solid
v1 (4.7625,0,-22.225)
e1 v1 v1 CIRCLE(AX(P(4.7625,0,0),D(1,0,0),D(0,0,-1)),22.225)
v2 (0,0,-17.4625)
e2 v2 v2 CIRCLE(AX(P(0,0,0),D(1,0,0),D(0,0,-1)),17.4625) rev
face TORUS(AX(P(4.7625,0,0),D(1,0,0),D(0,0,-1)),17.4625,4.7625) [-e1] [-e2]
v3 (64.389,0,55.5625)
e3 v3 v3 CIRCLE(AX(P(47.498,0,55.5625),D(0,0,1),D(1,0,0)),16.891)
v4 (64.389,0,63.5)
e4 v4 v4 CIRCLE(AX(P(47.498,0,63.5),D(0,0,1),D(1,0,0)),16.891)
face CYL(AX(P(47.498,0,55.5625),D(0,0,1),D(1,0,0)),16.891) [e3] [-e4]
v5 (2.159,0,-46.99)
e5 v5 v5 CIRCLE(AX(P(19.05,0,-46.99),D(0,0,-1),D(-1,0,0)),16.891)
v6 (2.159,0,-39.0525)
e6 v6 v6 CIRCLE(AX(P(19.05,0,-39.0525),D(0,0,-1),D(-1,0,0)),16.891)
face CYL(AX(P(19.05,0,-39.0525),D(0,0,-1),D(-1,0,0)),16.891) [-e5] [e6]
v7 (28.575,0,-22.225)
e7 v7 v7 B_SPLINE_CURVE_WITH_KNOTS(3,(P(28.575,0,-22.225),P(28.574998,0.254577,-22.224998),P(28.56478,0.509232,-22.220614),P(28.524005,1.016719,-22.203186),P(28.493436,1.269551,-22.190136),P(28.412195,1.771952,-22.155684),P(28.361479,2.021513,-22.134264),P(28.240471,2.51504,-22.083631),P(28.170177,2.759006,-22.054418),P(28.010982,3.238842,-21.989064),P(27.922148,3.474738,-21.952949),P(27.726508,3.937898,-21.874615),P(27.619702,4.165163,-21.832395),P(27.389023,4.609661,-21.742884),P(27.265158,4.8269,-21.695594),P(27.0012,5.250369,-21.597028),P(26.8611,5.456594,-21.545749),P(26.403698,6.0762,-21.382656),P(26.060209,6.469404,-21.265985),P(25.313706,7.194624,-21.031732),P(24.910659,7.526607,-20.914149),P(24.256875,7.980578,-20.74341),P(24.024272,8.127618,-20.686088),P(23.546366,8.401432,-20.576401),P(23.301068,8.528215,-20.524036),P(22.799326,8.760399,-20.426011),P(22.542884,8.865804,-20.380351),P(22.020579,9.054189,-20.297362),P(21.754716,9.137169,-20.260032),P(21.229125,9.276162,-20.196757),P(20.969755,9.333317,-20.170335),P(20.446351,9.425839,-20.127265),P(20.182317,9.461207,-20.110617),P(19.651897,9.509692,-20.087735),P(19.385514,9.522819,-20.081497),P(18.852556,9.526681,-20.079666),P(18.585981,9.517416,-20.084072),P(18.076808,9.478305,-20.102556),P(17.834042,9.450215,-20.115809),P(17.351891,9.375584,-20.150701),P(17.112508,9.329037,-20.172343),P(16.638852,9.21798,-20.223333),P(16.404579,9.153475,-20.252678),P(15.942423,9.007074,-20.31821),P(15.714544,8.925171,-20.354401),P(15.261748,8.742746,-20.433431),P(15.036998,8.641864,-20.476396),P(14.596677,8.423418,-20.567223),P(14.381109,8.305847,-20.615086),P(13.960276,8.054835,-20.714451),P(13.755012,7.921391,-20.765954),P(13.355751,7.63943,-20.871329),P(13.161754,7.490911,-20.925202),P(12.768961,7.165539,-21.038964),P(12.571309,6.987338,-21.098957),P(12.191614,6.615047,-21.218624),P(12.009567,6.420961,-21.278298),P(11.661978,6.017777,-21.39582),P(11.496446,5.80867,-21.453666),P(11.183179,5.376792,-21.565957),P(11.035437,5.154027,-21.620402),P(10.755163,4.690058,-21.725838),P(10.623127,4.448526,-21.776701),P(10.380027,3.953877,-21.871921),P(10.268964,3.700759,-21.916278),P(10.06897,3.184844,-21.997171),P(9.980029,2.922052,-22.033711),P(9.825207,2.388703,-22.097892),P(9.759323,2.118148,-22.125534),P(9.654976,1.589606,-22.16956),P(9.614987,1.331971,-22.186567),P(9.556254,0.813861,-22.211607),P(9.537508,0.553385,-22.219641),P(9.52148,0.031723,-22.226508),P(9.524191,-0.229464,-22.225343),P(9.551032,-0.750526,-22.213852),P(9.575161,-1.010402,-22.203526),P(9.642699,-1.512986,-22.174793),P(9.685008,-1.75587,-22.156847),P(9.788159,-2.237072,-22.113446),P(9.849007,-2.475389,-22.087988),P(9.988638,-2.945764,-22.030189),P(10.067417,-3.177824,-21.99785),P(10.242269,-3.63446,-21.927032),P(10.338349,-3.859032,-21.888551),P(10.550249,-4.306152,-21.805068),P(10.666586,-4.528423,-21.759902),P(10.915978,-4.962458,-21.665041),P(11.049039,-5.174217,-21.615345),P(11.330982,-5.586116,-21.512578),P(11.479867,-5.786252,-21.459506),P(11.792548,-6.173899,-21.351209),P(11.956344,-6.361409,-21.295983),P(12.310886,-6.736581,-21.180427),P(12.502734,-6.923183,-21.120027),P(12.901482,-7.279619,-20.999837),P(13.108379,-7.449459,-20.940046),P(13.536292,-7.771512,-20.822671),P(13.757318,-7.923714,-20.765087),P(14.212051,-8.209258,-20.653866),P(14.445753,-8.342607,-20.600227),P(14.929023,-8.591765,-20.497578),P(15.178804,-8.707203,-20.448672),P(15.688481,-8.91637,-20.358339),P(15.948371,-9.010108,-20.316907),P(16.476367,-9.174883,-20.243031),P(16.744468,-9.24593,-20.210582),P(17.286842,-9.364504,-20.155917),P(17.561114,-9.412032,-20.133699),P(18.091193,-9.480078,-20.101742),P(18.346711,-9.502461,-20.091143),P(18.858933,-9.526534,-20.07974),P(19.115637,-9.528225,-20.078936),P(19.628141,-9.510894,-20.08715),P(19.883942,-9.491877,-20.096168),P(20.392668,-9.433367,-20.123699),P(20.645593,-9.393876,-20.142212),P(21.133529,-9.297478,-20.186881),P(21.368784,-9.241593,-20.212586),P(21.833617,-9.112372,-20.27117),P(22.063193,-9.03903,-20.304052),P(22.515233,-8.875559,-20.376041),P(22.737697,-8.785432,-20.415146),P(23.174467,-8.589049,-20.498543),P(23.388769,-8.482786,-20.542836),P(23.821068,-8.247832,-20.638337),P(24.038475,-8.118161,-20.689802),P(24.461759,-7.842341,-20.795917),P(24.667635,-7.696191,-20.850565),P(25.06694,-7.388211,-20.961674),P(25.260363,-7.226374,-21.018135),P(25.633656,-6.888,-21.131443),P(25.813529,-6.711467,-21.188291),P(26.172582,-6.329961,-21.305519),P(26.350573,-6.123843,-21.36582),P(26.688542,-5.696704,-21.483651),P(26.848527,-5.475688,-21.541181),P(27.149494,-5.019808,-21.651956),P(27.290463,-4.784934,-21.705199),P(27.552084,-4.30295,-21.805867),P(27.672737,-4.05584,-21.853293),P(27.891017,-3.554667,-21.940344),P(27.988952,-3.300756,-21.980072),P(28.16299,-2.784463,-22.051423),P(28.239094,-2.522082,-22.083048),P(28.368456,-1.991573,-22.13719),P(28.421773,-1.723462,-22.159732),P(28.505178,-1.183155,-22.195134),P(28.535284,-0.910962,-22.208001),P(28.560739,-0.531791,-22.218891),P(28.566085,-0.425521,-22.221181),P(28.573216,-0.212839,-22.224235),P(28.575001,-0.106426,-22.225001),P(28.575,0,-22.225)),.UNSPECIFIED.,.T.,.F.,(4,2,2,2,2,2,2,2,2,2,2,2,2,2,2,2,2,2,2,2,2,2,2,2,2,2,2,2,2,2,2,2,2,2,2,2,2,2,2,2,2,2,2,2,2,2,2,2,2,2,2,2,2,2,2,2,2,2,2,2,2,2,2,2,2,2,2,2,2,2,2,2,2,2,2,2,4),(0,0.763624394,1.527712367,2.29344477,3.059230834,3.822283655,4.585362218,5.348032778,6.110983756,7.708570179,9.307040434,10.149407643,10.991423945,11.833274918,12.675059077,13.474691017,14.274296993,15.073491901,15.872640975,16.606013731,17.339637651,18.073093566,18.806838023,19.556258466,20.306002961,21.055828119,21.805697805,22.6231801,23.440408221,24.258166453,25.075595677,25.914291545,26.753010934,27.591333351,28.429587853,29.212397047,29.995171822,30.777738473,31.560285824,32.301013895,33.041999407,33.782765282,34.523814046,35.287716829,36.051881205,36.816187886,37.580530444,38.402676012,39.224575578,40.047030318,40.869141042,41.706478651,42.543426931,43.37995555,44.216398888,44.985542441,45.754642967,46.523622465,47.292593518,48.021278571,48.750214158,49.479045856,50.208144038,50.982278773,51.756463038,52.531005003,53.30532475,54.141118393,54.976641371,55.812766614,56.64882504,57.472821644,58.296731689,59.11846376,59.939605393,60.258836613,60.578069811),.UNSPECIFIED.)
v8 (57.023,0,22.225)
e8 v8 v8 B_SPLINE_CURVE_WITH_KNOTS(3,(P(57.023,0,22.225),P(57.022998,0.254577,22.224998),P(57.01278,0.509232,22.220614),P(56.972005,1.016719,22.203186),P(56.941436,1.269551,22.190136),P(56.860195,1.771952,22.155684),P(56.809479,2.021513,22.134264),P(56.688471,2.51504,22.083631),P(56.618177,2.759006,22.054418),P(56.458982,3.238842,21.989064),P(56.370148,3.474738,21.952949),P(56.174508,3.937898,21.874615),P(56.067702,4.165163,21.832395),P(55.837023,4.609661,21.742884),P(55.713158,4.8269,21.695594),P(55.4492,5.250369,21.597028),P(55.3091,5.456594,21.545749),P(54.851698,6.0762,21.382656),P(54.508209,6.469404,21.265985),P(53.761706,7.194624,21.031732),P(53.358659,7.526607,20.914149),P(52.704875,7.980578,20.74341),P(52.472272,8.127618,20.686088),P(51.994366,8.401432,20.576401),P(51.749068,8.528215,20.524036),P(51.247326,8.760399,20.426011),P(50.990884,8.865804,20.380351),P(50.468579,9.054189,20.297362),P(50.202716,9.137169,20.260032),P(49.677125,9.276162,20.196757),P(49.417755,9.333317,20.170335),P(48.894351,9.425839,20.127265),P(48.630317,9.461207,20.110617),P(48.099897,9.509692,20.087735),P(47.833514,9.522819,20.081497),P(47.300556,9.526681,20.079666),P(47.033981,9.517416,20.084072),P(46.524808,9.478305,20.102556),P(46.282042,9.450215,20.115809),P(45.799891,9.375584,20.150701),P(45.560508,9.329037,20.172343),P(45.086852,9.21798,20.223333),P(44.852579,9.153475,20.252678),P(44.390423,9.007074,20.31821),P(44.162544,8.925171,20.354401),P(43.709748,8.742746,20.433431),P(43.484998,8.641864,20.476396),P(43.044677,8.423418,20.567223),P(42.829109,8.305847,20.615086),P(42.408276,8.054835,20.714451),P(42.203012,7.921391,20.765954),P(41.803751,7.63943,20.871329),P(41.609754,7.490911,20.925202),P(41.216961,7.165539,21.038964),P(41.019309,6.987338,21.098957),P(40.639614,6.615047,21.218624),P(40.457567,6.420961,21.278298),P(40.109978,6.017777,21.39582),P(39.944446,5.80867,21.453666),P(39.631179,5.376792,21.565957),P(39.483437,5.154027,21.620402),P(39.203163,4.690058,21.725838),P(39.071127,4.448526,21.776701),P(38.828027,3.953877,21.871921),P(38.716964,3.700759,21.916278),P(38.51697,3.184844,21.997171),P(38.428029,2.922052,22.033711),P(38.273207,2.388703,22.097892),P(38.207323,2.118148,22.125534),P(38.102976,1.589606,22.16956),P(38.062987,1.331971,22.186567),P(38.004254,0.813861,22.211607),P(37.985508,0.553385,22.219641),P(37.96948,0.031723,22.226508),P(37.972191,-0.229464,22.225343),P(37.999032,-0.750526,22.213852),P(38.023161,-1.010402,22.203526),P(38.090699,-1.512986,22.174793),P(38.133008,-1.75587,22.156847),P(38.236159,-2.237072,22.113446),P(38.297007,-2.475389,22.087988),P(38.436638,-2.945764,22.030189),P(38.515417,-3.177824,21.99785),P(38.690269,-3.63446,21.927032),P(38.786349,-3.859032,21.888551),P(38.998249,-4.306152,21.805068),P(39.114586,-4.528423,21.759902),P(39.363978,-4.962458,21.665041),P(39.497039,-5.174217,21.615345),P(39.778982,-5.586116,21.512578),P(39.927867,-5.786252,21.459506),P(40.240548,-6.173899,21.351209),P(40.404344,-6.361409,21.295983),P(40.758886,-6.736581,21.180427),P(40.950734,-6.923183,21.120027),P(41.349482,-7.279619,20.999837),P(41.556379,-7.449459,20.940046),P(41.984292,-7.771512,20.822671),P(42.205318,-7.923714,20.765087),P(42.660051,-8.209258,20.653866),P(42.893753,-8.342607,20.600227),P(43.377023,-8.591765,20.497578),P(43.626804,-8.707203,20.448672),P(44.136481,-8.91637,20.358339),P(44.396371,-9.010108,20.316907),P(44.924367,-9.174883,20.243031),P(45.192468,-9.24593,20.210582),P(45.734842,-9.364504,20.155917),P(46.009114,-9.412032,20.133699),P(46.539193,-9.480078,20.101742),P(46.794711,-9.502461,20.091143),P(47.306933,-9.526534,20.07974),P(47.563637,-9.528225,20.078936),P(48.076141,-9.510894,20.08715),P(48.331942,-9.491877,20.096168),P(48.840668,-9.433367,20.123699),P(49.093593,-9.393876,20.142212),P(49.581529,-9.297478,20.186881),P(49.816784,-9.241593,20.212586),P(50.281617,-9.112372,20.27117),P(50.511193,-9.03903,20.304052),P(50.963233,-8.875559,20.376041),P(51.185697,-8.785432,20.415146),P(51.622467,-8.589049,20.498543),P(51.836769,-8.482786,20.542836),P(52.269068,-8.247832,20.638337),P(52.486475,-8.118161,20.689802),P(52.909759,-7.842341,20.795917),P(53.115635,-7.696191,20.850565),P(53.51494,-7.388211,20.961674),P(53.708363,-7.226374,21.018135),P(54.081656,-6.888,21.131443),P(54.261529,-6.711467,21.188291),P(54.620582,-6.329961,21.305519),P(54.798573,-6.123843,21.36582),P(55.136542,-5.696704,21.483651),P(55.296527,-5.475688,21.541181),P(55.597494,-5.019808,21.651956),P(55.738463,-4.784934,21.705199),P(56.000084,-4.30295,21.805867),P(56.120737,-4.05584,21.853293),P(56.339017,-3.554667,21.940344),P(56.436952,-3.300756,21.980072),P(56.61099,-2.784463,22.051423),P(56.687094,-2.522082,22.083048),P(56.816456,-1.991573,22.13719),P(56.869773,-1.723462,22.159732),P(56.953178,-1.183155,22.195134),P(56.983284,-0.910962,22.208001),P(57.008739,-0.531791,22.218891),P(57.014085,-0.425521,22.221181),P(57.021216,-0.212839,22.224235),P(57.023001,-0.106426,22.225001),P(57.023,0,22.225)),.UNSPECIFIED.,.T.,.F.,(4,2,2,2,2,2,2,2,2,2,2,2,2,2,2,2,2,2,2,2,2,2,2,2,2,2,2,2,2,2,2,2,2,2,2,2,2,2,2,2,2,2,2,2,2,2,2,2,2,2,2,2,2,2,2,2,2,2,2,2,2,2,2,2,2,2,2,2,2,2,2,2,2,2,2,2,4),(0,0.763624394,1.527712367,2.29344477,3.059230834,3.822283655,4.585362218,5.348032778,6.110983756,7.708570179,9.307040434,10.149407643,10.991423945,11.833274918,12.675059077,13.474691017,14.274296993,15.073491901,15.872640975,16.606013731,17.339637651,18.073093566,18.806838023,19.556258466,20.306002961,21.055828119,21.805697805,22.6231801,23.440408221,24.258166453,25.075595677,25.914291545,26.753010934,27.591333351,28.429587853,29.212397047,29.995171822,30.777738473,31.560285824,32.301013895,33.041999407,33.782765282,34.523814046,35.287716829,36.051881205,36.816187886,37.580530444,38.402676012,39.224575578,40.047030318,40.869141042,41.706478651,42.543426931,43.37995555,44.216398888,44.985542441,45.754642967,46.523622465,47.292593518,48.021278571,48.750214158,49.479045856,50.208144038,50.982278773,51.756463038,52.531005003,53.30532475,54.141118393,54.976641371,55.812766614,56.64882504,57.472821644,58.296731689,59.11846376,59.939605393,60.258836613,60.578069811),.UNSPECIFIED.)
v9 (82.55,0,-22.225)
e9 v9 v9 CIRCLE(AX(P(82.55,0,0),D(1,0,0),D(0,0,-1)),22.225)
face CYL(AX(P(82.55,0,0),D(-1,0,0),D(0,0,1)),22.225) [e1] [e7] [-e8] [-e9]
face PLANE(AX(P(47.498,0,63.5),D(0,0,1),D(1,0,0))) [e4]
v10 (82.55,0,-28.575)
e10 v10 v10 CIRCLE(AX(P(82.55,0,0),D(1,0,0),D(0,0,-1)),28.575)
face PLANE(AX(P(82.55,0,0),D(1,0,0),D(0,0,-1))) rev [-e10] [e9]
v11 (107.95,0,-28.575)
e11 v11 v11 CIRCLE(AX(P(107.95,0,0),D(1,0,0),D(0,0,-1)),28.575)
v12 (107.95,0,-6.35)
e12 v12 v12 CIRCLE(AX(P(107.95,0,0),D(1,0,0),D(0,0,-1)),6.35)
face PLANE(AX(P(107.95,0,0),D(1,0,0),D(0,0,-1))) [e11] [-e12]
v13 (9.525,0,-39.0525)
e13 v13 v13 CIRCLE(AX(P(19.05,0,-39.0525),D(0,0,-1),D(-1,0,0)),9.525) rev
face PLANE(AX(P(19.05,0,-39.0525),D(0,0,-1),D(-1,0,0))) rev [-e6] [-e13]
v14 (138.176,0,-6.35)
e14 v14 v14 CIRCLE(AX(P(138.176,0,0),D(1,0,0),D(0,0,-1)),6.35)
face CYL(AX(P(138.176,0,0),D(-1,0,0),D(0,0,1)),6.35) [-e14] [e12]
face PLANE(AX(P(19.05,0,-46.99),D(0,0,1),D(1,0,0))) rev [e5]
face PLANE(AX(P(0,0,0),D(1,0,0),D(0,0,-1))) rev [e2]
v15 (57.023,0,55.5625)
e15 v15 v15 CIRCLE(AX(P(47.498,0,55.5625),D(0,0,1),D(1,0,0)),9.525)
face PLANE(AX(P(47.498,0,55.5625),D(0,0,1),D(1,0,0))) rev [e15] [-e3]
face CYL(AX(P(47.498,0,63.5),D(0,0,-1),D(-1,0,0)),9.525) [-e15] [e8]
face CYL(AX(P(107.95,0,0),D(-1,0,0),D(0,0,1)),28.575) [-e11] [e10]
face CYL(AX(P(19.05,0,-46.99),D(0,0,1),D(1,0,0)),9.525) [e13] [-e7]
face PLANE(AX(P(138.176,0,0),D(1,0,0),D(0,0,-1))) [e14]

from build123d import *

# Parameters (mm, degrees)
SKETCH1_R      = 22.225
EXTRUDE1_DEPTH = 82.55
SKETCH2_R      = 9.525
EXTRUDE2_DEPTH = 63.5
SKETCH3_R      = 9.525
EXTRUDE3_DEPTH = 46.99
SKETCH4_R      = 16.891
EXTRUDE4_DEPTH = 7.9375
SKETCH5_R      = 16.891
EXTRUDE5_DEPTH = 7.9375
SKETCH6_R      = 28.575
EXTRUDE6_DEPTH = 25.4
SKETCH7_R      = 6.35
EXTRUDE7_DEPTH = 30.226
FILLET1_R      = 4.7625


with BuildPart() as part:
    # Sketch1 → Extrude1 (new body)
    with BuildSketch(Plane(origin=(0, 0, 0), x_dir=(0, 0, -1), z_dir=(1, 0, 0))):
        Circle(SKETCH1_R)
    extrude(amount=EXTRUDE1_DEPTH)

    # Sketch2 → Extrude2 (add)
    with BuildSketch(Plane.XY):
        with Locations((47.498, 0)):
            Circle(SKETCH2_R)
    extrude(amount=EXTRUDE2_DEPTH)

    # Sketch3 → Extrude3 (add)
    with BuildSketch(Plane.XY):
        with Locations((19.05, 0)):
            Circle(SKETCH3_R)
    extrude(amount=-EXTRUDE3_DEPTH)

    # Sketch4 → Extrude4 (add)
    with BuildSketch(Plane(origin=(0, 0, -46.99), x_dir=(-1, 0, 0), z_dir=(0, 0, -1))):
        with Locations((-19.05, 0)):
            Circle(SKETCH4_R)
    extrude(amount=-EXTRUDE4_DEPTH)

    # Sketch5 → Extrude5 (add)
    with BuildSketch(Plane.XY.offset(63.5)):
        with Locations((47.498, 0)):
            Circle(SKETCH5_R)
    extrude(amount=-EXTRUDE5_DEPTH)

    # Sketch6 → Extrude6 (add)
    with BuildSketch(Plane(origin=(82.55, 0, 0), x_dir=(0, 0, -1), z_dir=(1, 0, 0))):
        Circle(SKETCH6_R)
    extrude(amount=EXTRUDE6_DEPTH)

    # Sketch7 → Extrude7 (add)
    with BuildSketch(Plane(origin=(107.95, 0, 0), x_dir=(0, 0, -1), z_dir=(1, 0, 0))):
        Circle(SKETCH7_R)
    extrude(amount=EXTRUDE7_DEPTH)

    # Fillet1
    fillet1_edges = [part.edges().sort_by_distance(p)[0] for p in [
        (0, 0, 22.225),
    ]]
    fillet(fillet1_edges, radius=FILLET1_R)


solid = part.part
